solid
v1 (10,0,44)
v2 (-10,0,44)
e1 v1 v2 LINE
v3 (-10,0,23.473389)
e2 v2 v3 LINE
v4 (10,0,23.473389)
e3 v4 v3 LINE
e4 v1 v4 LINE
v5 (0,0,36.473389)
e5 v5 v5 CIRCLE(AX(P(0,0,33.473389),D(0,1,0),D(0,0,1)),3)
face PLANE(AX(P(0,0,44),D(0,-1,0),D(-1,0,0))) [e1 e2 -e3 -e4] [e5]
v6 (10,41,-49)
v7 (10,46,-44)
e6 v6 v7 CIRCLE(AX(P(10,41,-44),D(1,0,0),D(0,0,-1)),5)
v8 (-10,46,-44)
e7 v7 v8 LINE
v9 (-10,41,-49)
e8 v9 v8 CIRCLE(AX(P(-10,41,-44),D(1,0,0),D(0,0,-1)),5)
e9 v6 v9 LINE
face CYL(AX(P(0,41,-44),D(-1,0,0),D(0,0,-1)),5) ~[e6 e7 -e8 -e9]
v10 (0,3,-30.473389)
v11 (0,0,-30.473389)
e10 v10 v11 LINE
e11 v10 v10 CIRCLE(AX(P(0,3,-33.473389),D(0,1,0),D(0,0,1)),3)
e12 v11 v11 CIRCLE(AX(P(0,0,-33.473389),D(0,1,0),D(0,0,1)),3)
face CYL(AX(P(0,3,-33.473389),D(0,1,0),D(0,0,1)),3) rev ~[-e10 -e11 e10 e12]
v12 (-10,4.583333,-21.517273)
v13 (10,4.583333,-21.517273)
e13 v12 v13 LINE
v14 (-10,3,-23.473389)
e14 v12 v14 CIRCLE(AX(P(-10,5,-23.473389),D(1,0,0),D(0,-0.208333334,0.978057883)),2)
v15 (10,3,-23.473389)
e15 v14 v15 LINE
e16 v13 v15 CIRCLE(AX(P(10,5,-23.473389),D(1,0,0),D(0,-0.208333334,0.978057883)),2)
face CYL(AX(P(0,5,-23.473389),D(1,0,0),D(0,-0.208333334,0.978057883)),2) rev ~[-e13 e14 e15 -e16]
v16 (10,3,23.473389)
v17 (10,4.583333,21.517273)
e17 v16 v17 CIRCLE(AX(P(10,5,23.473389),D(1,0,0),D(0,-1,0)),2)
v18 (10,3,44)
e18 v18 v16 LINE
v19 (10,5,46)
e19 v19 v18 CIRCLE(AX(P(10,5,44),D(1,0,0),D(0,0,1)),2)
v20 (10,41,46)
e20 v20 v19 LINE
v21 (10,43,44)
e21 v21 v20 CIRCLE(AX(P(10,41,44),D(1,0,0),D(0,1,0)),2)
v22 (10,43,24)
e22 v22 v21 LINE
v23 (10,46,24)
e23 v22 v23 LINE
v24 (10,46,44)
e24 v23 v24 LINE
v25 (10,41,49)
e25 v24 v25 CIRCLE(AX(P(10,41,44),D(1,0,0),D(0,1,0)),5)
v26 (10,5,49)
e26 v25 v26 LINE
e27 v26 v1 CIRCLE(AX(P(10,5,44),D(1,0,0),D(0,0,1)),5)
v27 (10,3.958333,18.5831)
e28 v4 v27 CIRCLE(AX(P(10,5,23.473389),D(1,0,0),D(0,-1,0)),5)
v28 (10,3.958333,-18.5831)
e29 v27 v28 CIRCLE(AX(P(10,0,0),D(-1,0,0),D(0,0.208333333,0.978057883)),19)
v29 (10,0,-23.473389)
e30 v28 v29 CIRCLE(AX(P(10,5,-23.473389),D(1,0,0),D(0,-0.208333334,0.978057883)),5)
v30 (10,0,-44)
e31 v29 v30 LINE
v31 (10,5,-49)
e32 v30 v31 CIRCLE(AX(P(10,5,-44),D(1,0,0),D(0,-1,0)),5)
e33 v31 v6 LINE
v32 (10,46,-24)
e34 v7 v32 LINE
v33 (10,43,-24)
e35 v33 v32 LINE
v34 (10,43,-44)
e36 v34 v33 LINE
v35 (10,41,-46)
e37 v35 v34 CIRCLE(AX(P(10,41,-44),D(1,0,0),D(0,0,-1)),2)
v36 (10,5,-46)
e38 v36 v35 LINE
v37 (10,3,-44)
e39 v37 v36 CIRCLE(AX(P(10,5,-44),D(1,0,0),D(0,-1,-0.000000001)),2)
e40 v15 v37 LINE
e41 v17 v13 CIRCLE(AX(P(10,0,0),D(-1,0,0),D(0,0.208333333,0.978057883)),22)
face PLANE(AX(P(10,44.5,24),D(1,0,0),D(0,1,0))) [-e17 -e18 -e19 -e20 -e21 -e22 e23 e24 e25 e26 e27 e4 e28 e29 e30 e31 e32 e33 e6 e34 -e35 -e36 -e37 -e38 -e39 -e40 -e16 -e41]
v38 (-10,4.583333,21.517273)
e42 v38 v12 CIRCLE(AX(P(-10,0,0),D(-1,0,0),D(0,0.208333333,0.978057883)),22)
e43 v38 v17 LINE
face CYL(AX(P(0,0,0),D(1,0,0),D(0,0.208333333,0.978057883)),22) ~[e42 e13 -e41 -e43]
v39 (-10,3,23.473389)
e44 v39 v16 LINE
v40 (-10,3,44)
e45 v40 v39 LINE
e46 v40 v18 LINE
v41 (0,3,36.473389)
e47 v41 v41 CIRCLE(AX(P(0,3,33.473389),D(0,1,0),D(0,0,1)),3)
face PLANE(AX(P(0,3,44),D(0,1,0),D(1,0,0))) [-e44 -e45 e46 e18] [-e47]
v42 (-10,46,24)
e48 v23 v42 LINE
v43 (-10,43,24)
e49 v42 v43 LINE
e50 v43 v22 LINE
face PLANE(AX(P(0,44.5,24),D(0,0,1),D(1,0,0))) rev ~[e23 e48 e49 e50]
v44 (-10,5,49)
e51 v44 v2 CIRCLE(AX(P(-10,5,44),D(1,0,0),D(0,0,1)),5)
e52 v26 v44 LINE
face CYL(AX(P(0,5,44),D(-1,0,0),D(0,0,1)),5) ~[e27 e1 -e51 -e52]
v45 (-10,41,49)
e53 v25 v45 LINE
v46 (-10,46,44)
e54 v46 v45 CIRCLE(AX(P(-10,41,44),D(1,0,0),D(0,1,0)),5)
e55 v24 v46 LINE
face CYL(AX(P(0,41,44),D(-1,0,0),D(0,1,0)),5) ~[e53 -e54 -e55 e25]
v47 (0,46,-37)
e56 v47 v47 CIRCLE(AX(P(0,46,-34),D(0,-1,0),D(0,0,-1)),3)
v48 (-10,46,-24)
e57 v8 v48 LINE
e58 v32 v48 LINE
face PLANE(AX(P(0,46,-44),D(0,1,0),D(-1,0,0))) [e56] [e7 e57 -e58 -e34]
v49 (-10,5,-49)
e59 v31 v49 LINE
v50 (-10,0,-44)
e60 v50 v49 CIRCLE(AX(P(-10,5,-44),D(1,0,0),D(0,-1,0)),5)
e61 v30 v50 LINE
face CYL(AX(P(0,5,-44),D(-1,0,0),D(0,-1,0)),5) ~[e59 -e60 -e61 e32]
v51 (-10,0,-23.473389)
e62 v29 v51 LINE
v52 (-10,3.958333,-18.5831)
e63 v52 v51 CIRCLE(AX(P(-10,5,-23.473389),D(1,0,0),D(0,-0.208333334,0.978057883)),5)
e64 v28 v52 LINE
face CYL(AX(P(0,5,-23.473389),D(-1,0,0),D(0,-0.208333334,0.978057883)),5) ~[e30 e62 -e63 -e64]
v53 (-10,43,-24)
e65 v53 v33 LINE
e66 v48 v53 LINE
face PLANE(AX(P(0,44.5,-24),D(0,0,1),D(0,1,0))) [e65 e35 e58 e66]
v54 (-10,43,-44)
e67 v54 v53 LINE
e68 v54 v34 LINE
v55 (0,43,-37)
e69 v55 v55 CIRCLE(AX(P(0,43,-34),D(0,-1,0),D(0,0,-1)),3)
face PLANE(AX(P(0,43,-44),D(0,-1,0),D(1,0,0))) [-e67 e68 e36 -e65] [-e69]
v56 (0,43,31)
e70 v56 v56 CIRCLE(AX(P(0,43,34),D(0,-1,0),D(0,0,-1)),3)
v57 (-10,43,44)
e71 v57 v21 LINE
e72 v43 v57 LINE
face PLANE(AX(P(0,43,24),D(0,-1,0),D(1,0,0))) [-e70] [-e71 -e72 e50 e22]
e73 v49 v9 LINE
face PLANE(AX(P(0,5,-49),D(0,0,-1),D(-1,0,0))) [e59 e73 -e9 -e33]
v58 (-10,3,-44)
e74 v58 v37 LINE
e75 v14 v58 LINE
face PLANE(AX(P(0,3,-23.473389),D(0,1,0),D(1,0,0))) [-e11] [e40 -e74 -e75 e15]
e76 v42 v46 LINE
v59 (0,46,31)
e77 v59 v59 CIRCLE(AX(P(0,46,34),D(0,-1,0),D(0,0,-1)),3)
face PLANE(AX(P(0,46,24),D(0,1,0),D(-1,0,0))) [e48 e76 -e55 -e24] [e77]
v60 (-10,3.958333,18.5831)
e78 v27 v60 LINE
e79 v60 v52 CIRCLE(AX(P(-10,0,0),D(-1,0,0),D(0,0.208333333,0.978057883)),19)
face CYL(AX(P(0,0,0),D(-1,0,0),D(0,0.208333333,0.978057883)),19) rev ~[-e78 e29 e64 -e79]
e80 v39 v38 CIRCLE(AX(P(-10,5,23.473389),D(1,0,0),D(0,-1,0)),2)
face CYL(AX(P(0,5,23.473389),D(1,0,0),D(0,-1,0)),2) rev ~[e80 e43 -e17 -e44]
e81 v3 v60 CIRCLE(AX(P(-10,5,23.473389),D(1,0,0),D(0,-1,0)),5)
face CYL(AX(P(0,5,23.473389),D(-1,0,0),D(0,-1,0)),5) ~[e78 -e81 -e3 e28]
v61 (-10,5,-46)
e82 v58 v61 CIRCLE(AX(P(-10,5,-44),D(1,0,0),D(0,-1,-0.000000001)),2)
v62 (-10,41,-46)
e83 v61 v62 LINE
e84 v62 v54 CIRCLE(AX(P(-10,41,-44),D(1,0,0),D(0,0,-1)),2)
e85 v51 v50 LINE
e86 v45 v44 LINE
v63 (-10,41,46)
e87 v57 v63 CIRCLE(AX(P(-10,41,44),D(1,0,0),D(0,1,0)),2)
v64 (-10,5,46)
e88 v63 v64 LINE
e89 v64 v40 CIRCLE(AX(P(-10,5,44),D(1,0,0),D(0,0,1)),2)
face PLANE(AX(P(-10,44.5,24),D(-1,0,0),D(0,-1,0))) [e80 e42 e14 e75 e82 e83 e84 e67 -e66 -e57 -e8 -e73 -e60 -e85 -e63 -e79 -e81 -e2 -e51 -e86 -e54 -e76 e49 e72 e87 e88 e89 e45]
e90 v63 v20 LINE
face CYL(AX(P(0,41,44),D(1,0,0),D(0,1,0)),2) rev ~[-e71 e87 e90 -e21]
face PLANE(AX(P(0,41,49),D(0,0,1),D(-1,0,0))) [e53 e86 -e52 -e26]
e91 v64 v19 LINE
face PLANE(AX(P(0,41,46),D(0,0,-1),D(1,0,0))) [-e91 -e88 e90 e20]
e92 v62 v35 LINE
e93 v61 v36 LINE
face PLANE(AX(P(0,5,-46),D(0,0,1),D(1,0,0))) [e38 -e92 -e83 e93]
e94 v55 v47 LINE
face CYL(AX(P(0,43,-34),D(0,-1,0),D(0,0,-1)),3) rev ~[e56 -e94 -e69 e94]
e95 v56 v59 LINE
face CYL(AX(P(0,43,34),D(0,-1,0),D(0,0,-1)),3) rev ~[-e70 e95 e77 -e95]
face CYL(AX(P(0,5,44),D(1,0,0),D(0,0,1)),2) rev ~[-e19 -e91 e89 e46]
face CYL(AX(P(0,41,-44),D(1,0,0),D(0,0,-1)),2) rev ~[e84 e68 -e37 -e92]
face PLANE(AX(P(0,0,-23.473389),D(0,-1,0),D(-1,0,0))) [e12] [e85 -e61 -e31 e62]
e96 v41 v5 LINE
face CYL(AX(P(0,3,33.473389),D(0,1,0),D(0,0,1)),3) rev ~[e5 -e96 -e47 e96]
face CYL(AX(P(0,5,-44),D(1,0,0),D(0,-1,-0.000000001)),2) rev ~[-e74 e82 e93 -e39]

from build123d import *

# Parameters (mm, degrees)
SKETCH8_W          = 20
SKETCH8_H          = 3
SKETCH10_R         = 3
CUT_EXTRUDE1_DEPTH = 66.954529791
SKETCH11_R         = 3
CUT_EXTRUDE2_DEPTH = 66.954529791


with BuildPart() as part:
    # Sweep1: sweep along a path in Sketch7
    with BuildLine(Plane(origin=(0, 0, 0), x_dir=(0, 0, -1), z_dir=(1, 0, 0))) as sweep1_path:
        Line((-24, 46), (-44, 46))
        ThreePointArc((-44, 46), (-47.535533906, 44.535533906), (-49, 41))
        Line((-49, 41), (-49, 5))
        ThreePointArc((-49, 5), (-47.535533906, 1.464466094), (-44, 0))
        Line((-44, 0), (-23.473389189, 0))
        ThreePointArc((-23.473389189, 0), (-20.327624841, 1.113592061), (-18.583099774, 3.958333333))
        ThreePointArc((-18.583099774, 3.958333333), (0, 19), (18.583099774, 3.958333333))
        ThreePointArc((18.583099774, 3.958333333), (20.327624841, 1.113592061), (23.473389189, 0))
        Line((23.473389189, 0), (44, 0))
        ThreePointArc((44, 0), (47.535533906, 1.464466094), (49, 5))
        Line((49, 5), (49, 41))
        ThreePointArc((49, 41), (47.535533906, 44.535533906), (44, 46))
        Line((44, 46), (24, 46))
    # Sketch8 → Sweep1 (sweep)
    with BuildSketch(Plane.XY.offset(24)):
        with Locations((0, 44.5)):
            Rectangle(SKETCH8_W, SKETCH8_H)
    sweep(path=sweep1_path.line)

    # Sketch10 → Cut-Extrude1 (cut, through all)
    with BuildSketch(Plane(origin=(0, 3, 0), x_dir=(1, 0, 0), z_dir=(0, 1, 0))):
        with Locations(Location((0, 33.473389189, 0), (0, 0, 270))):
            Circle(SKETCH10_R)
        with Locations(Location((0, -33.473389189, 0), (0, 0, 270))):
            Circle(SKETCH10_R)
    extrude(amount=-CUT_EXTRUDE1_DEPTH, mode=Mode.SUBTRACT)

    # Sketch11 → Cut-Extrude2 (cut, through all)
    with BuildSketch(Plane.XZ.offset(-43)):
        with Locations(Location((0, 34, 0), (0, 0, 270))):
            Circle(SKETCH11_R)
        with Locations(Location((0, -34, 0), (0, 0, 270))):
            Circle(SKETCH11_R)
    extrude(amount=-CUT_EXTRUDE2_DEPTH, mode=Mode.SUBTRACT)


solid = part.part
